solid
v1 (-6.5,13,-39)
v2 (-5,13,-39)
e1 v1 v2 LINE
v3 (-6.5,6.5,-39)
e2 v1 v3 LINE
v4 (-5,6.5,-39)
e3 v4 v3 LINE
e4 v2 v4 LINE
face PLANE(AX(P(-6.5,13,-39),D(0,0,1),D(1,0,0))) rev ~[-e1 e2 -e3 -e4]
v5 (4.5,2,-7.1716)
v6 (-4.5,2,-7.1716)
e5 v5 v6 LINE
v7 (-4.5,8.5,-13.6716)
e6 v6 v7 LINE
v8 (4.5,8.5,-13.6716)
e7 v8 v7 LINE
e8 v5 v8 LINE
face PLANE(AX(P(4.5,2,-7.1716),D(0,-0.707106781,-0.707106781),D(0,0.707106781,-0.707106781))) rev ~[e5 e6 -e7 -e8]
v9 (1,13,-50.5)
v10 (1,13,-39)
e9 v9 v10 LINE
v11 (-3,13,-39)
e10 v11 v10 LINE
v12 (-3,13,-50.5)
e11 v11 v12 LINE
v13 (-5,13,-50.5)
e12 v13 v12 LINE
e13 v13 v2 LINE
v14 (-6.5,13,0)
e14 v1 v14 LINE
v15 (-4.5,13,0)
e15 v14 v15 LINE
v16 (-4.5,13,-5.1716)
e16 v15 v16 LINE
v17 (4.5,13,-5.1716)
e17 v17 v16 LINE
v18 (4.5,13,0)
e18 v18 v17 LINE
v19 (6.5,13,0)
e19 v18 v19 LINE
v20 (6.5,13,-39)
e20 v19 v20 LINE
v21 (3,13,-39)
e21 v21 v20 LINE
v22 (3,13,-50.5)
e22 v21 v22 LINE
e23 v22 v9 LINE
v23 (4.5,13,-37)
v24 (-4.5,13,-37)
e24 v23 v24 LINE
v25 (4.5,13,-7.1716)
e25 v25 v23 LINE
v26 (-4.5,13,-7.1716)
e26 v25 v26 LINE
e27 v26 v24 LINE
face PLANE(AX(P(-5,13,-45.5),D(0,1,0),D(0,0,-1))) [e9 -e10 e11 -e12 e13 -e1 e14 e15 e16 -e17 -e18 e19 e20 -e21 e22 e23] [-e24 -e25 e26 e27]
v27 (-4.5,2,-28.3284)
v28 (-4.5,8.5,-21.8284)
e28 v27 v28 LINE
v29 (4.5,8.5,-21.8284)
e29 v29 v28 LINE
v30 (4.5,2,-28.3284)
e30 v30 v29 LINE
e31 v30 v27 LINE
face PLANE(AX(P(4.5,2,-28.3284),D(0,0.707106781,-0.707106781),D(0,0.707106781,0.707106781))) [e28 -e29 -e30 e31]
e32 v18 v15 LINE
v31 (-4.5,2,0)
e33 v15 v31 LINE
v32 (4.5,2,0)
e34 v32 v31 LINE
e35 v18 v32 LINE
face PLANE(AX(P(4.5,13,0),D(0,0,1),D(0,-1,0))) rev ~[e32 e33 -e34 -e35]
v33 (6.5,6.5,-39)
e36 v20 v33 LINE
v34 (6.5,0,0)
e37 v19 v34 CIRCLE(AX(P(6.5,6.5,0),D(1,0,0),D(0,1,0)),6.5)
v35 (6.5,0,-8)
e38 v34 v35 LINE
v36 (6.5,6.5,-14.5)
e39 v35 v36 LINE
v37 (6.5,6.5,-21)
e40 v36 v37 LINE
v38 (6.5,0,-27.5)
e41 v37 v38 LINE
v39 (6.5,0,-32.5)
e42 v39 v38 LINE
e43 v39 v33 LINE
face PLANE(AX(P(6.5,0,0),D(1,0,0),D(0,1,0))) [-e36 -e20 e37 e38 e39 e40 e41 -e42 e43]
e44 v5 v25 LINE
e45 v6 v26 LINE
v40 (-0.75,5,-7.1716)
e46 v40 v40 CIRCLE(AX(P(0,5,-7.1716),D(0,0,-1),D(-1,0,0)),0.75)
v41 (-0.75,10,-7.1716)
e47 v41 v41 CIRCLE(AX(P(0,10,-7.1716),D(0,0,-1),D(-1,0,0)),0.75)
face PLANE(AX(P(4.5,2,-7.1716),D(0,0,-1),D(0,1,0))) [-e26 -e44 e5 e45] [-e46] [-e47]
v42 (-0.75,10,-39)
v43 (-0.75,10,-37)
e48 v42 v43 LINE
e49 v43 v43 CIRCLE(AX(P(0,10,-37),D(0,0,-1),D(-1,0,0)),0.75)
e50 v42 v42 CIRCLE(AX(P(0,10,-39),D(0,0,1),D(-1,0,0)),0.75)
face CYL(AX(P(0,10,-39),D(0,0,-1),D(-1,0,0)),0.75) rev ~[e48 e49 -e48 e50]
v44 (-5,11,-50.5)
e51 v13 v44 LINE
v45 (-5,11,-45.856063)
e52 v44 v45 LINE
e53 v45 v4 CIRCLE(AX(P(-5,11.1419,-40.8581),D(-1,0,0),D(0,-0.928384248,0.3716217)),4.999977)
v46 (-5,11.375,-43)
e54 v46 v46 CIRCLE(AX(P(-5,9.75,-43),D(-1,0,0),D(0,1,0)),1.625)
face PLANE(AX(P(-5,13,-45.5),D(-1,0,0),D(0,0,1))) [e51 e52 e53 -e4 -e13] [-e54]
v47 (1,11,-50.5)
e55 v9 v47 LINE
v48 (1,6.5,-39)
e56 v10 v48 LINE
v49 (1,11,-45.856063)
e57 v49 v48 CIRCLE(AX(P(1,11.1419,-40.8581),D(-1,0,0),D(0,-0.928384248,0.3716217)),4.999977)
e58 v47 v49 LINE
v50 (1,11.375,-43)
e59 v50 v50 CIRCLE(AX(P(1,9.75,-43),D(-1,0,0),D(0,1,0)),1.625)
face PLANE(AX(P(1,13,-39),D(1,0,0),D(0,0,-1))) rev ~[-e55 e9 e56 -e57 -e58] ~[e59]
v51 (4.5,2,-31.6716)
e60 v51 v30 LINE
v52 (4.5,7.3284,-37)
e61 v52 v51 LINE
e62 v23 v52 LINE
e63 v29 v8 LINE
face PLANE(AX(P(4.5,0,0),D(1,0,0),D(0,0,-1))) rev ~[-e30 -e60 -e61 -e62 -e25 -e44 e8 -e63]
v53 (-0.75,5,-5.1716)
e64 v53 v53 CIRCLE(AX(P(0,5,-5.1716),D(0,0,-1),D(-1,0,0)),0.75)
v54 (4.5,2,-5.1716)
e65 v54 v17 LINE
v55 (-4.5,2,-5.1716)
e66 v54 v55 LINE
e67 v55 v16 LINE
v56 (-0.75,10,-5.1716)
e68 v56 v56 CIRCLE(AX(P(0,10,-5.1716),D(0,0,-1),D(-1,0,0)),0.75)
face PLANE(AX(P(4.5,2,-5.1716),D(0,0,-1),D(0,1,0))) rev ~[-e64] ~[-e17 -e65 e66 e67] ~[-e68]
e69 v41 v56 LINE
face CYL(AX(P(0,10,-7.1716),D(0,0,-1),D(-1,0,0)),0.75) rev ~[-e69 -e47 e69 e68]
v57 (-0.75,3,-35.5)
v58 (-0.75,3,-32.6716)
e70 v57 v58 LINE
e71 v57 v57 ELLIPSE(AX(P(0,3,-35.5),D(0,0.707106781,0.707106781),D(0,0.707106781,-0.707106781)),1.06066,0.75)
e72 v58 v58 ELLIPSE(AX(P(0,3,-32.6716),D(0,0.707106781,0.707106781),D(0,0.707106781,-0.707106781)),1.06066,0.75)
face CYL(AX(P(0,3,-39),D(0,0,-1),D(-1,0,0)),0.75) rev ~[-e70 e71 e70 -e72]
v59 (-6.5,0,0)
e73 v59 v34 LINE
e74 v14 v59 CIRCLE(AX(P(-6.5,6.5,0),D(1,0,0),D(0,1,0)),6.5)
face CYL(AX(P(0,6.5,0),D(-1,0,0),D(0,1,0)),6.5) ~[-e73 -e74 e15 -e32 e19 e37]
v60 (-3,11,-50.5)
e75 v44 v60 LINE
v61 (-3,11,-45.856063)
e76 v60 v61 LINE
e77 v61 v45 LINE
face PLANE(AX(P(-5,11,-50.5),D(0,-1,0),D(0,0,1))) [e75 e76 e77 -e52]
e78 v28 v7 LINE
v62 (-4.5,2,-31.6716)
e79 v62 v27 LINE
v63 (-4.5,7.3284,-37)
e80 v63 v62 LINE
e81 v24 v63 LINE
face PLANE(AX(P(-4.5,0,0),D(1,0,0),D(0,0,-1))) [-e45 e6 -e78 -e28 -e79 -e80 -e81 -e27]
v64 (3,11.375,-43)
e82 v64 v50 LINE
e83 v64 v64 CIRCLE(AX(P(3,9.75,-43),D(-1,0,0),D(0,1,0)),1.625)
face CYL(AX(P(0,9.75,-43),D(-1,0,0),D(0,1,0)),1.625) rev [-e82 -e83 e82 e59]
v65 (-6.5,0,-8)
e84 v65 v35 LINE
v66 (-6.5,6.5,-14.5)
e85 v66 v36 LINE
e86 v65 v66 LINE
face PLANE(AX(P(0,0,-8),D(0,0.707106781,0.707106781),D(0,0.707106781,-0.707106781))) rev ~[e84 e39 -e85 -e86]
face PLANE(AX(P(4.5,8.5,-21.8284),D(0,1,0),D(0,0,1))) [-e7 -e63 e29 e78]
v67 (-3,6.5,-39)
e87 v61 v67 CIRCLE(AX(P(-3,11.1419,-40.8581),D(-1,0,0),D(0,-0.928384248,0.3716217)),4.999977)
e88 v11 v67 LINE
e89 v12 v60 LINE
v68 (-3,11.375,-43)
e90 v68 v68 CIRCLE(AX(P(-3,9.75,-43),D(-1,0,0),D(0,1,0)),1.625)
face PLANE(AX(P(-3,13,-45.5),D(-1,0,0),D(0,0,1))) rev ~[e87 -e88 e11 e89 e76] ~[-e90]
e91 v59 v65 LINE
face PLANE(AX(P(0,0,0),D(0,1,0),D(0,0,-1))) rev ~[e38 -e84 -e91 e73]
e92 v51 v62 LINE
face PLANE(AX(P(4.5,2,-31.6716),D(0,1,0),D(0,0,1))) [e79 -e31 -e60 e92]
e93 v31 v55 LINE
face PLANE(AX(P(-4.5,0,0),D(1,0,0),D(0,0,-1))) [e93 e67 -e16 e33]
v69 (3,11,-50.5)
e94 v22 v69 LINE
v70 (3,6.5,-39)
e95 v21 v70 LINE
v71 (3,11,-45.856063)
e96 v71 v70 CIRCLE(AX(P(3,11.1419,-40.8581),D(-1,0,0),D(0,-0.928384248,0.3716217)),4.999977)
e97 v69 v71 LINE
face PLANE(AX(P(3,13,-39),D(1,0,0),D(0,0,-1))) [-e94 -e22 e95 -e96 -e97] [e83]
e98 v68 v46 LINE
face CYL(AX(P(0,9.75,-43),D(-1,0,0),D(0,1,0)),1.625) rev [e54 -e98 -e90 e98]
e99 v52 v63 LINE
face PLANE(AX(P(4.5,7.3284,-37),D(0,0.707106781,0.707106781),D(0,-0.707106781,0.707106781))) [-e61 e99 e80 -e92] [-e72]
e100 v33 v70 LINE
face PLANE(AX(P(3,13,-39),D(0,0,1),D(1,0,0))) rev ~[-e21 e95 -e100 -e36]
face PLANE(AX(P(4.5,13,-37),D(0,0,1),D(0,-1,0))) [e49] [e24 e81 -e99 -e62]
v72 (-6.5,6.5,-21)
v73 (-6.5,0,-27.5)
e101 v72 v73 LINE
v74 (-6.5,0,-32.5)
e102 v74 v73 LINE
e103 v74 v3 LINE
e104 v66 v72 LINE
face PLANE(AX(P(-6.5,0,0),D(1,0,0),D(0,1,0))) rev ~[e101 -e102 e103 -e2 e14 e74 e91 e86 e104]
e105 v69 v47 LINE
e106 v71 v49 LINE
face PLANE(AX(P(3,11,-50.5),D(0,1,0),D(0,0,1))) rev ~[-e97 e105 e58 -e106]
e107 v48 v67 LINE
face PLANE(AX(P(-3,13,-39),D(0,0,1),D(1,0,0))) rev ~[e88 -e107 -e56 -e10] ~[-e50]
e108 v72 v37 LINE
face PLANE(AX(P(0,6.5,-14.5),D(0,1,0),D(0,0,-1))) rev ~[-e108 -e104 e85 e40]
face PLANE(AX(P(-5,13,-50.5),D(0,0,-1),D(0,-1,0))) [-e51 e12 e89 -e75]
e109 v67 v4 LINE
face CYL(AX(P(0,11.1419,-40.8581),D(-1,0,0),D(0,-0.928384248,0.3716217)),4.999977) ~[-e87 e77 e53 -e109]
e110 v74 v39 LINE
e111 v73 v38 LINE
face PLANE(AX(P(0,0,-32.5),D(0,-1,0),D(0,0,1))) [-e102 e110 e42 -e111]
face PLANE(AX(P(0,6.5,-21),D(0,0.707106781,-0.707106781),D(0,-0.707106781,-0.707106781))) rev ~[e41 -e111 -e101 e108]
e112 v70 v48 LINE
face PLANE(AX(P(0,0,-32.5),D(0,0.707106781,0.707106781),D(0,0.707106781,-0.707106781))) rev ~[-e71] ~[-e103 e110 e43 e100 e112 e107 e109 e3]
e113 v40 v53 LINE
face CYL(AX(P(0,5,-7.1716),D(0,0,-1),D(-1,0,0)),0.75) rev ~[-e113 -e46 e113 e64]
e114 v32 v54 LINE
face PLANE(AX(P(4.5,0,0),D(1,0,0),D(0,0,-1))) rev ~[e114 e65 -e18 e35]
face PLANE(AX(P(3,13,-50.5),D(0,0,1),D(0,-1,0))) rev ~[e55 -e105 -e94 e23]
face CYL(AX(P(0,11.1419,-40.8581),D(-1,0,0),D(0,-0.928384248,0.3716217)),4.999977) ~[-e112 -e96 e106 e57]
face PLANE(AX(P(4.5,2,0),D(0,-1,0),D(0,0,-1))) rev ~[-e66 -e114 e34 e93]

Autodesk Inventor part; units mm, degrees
ref_plane "YZ Plane" through (0, 0, 0) normal (1, 0, 0) x (0, 1, 0)
ref_plane "XZ Plane" through (0, 0, 0) normal (0, 1, 0) x (-1, 0, 0)
sketch "Sketch2" plane through (0, 0, 0) normal (1, 0, 0) x (0, 1, 0)
  line L0 (0, 0) -> (0, -8)
  line L1 (13, 0) -> (13, -21)
  arc A0 (13, 0) -> (0, 0) centre (6.5, 0) ccw
  line L2 (-3.1385, 0) -> (18.8309, 0) projected
  line L3 (0, -58.4723) -> (0, 17.3287) projected
  line L4 (0, -8) -> (6.5, -14.5)
  line L5 (0, -8) -> (9.1924, -8) construction
  line L6 (6.5, -14.5) -> (6.5, -21)
  line L7 (6.5, -21) -> (0, -27.5)
  line L8 (6.5, -21) -> (15.6924, -21) construction
  line L9 (0, -27.5) -> (0, -32.5)
  line L10 (0, -32.5) -> (6.5, -39)
  line L11 (0, -32.5) -> (9.1924, -32.5) construction
  line L12 (13, -21) -> (13, -39)
  line L13 (13, -39) -> (13, -45.5)
  arc A1 (6.5, -39) -> (13, -45.5) centre (11.1419, -40.8581) ccw
  circle A2 centre (9.75, -43) radius 1.625
  dimension "d49" = 4
  dimension "d4" = 13
  dimension "d9" = 45
  dimension "d10" = 6.5
  dimension "d11" = 8
  dimension "d12" = 6.5
  dimension "d13" = 135
  dimension "d14" = 6.5
  dimension "d15" = 5
  dimension "d16" = 45
  dimension "d17" = 6.5
  dimension "d18" = 18
  dimension "d19" = 6.5
  dimension "d20" = 5
  dimension "d21" = 3.25
  dimension "d22" = 3.25
  dimension "d23" = 2.5
  dimension "d94" = 21
extrude "Extrusion1" add sketch "Sketch2" along normal mid plane 13 contours L2 L1 L12 L13 A1 L10 L3 L7 L6 L4 L0 | A0 L2
sketch "Sketch3" plane through (-6.5, 13, 0) normal (0, 1, 0) x (1, 0, 0)
  line L0 (0, 39) -> (13, 39) projected
  line L1 (0, 46) -> (1.5, 46)
  line L2 (1.5, 46) -> (1.5, 39)
  line L3 (1.5, 39) -> (0, 39)
  line L4 (0, 39) -> (0, 46)
  line L5 (0, 0) -> (0, 45.5) projected
  line L6 (3.5, 46) -> (7.5, 46)
  line L7 (7.5, 46) -> (7.5, 39)
  line L8 (7.5, 39) -> (3.5, 39)
  line L9 (3.5, 39) -> (3.5, 46)
  line L10 (9.5, 46) -> (13, 46)
  line L11 (13, 46) -> (13, 39)
  line L12 (13, 39) -> (9.5, 39)
  line L13 (9.5, 39) -> (9.5, 46)
  line L14 (13, 45.5) -> (13, 0) projected
  point P0 (6.5, 0)
  dimension "d47" = 1.5
  dimension "d48" = 7
  dimension "d49" = 4
  dimension "d50" = 7
  dimension "d51" = 2
  dimension "d52" = 7
  dimension "d53" = 2
extrude "Extrusion2" cut sketch "Sketch3" against normal blind 13
ref_plane "Work Plane1" through (4.5, 0, 0) normal (1, 0, 0) x (0, 0, -1)
sketch "Sketch4" plane through (4.5, 0, 0) normal (1, 0, 0) x (0, 0, -1)
  arc A0 (0, 13) -> (0, 0) centre (0, 6.5) ccw projected
  line L0 (0, 13) -> (39, 13) projected
  line L1 (39, 13) -> (39, 6.5) projected
  line L2 (39, 6.5) -> (32.5, 0) projected
  line L3 (32.5, 0) -> (27.5, 0) projected
  line L4 (27.5, 0) -> (21, 6.5) projected
  line L5 (39, 13) -> (39, 6.5) projected
  line L6 (39, 6.5) -> (32.5, 0) projected
  line L7 (32.5, 0) -> (27.5, 0) projected
  line L8 (27.5, 0) -> (21, 6.5) projected
  line L9 (21, 6.5) -> (14.5, 6.5) projected
  line L10 (14.5, 6.5) -> (8, 0) projected
  line L11 (8, 0) -> (0, 0) projected
  arc A1 (0, 13) -> (0, 0) centre (0, 6.5) ccw projected
  line L12 (0, 13) -> (39, 13) projected
  line L13 (0, 13) -> (0, 2)
  line L14 (0, 2) -> (5.1716, 2)
  line L15 (7.1716, 2) -> (13.6716, 8.5)
  line L16 (7.1716, 2) -> (16.364, 2) construction
  line L17 (37, 13) -> (37, 7.3284)
  line L18 (37, 7.3284) -> (31.6716, 2)
  line L19 (37, 7.3284) -> (44.5355, 7.3284) construction
  line L20 (31.6716, 2) -> (28.3284, 2)
  line L21 (28.3284, 2) -> (21.8284, 8.5)
  line L22 (28.3284, 2) -> (37.5208, 2) construction
  line L23 (21.8284, 8.5) -> (13.6716, 8.5)
  line L24 (7.1716, 2) -> (7.1716, 13)
  line L25 (5.1716, 2) -> (5.1716, 13)
  line L26 (0, 13) -> (5.1716, 13)
  line L27 (7.1716, 13) -> (37, 13)
  dimension "d57" = 11
  dimension "d58" = 2
  dimension "d59" = 45
  dimension "d60" = 2
  dimension "d62" = 2
  dimension "d63" = 2
  dimension "d64" = 135
  dimension "d65" = 2
  dimension "d66" = 2
  dimension "d67" = 135
  dimension "d95" = 2
  dimension "d96" = 2
extrude "Extrusion3" cut sketch "Sketch4" against normal blind 9 contours L0 L25 L14 L13 | L0 L17 L18 L20 L21 L23 L15 L24
sketch "Sketch5" plane through (4.5, 2, -7.1716) normal (0, 0, -1) x (-1, 0, 0)
  line L0 (0, 11) -> (0, 1) projected
  line L1 (9, 1) -> (9, 11) projected
  line L2 (0, 11) -> (0, 0) projected
  line L3 (9, 0) -> (9, 11) projected
  line L4 (0, 11) -> (9, 11) projected
  circle A0 centre (4.5, 8) radius 0.75
  circle A1 centre (4.5, 3) radius 0.75
  line L5 (0, 0) -> (9, 0) projected
  point P0 (4.5, -2)
  dimension "d72" = 1.5
  dimension "d73" = 4.5
  dimension "d74" = 3
  dimension "d75" = 1.5
  dimension "d77" = 4.5
extrude "Extrusion4" cut sketch "Sketch5" against normal blind 2 contours A0 | A1
sketch "Sketch6" plane through (1, 13, -39) normal (0, 0, -1) x (-1, 0, 0)
  line L0 (1, -15.6) -> (1, 2.6) projected
  line L1 (10.1, -13) -> (-8.1, -13) projected
  circle A0 centre (1, -3) radius 0.75
  line L2 (0, 0) -> (4, 0) projected
  circle A1 centre (1, -10) radius 0.75
  point P0 (1, -13)
  dimension "d80" = 1.5
  dimension "d81" = 3
  dimension "d82" = 1.5
  dimension "d83" = 3
extrude "Extrusion5" cut sketch "Sketch6" against normal blind 9
sketch "Sketch7" plane through (3, 13, -39) normal (1, 0, 0) x (0, 0, -1)
  line L0 (6.5, 0) -> (0, 0) projected
  line L1 (6.5, 0) -> (11.5, 0)
  line L2 (11.5, 0) -> (11.5, -2)
  line L3 (11.5, -2) -> (6.5, -2)
  line L4 (6.5, -2) -> (6.5, 0)
  point P0 (-39, -13)
  dimension "d86" = 5
  dimension "d87" = 2
extrude "Extrusion6" add sketch "Sketch7" against normal blind 2
sketch "Sketch8" plane through (-5, 13, -45.5) normal (-1, 0, 0) x (0, 0, 1)
  line L0 (0, 0) -> (6.5, 0) projected
  line L1 (-5, -2) -> (0, -2)
  line L2 (0, -2) -> (0, 0)
  line L3 (0, 0) -> (-5, 0)
  line L4 (-5, 0) -> (-5, -2)
  point P0 (45.5, -13)
  dimension "d90" = 5
  dimension "d91" = 2
extrude "Extrusion7" add sketch "Sketch8" against normal blind 2
properties part number "middle"
